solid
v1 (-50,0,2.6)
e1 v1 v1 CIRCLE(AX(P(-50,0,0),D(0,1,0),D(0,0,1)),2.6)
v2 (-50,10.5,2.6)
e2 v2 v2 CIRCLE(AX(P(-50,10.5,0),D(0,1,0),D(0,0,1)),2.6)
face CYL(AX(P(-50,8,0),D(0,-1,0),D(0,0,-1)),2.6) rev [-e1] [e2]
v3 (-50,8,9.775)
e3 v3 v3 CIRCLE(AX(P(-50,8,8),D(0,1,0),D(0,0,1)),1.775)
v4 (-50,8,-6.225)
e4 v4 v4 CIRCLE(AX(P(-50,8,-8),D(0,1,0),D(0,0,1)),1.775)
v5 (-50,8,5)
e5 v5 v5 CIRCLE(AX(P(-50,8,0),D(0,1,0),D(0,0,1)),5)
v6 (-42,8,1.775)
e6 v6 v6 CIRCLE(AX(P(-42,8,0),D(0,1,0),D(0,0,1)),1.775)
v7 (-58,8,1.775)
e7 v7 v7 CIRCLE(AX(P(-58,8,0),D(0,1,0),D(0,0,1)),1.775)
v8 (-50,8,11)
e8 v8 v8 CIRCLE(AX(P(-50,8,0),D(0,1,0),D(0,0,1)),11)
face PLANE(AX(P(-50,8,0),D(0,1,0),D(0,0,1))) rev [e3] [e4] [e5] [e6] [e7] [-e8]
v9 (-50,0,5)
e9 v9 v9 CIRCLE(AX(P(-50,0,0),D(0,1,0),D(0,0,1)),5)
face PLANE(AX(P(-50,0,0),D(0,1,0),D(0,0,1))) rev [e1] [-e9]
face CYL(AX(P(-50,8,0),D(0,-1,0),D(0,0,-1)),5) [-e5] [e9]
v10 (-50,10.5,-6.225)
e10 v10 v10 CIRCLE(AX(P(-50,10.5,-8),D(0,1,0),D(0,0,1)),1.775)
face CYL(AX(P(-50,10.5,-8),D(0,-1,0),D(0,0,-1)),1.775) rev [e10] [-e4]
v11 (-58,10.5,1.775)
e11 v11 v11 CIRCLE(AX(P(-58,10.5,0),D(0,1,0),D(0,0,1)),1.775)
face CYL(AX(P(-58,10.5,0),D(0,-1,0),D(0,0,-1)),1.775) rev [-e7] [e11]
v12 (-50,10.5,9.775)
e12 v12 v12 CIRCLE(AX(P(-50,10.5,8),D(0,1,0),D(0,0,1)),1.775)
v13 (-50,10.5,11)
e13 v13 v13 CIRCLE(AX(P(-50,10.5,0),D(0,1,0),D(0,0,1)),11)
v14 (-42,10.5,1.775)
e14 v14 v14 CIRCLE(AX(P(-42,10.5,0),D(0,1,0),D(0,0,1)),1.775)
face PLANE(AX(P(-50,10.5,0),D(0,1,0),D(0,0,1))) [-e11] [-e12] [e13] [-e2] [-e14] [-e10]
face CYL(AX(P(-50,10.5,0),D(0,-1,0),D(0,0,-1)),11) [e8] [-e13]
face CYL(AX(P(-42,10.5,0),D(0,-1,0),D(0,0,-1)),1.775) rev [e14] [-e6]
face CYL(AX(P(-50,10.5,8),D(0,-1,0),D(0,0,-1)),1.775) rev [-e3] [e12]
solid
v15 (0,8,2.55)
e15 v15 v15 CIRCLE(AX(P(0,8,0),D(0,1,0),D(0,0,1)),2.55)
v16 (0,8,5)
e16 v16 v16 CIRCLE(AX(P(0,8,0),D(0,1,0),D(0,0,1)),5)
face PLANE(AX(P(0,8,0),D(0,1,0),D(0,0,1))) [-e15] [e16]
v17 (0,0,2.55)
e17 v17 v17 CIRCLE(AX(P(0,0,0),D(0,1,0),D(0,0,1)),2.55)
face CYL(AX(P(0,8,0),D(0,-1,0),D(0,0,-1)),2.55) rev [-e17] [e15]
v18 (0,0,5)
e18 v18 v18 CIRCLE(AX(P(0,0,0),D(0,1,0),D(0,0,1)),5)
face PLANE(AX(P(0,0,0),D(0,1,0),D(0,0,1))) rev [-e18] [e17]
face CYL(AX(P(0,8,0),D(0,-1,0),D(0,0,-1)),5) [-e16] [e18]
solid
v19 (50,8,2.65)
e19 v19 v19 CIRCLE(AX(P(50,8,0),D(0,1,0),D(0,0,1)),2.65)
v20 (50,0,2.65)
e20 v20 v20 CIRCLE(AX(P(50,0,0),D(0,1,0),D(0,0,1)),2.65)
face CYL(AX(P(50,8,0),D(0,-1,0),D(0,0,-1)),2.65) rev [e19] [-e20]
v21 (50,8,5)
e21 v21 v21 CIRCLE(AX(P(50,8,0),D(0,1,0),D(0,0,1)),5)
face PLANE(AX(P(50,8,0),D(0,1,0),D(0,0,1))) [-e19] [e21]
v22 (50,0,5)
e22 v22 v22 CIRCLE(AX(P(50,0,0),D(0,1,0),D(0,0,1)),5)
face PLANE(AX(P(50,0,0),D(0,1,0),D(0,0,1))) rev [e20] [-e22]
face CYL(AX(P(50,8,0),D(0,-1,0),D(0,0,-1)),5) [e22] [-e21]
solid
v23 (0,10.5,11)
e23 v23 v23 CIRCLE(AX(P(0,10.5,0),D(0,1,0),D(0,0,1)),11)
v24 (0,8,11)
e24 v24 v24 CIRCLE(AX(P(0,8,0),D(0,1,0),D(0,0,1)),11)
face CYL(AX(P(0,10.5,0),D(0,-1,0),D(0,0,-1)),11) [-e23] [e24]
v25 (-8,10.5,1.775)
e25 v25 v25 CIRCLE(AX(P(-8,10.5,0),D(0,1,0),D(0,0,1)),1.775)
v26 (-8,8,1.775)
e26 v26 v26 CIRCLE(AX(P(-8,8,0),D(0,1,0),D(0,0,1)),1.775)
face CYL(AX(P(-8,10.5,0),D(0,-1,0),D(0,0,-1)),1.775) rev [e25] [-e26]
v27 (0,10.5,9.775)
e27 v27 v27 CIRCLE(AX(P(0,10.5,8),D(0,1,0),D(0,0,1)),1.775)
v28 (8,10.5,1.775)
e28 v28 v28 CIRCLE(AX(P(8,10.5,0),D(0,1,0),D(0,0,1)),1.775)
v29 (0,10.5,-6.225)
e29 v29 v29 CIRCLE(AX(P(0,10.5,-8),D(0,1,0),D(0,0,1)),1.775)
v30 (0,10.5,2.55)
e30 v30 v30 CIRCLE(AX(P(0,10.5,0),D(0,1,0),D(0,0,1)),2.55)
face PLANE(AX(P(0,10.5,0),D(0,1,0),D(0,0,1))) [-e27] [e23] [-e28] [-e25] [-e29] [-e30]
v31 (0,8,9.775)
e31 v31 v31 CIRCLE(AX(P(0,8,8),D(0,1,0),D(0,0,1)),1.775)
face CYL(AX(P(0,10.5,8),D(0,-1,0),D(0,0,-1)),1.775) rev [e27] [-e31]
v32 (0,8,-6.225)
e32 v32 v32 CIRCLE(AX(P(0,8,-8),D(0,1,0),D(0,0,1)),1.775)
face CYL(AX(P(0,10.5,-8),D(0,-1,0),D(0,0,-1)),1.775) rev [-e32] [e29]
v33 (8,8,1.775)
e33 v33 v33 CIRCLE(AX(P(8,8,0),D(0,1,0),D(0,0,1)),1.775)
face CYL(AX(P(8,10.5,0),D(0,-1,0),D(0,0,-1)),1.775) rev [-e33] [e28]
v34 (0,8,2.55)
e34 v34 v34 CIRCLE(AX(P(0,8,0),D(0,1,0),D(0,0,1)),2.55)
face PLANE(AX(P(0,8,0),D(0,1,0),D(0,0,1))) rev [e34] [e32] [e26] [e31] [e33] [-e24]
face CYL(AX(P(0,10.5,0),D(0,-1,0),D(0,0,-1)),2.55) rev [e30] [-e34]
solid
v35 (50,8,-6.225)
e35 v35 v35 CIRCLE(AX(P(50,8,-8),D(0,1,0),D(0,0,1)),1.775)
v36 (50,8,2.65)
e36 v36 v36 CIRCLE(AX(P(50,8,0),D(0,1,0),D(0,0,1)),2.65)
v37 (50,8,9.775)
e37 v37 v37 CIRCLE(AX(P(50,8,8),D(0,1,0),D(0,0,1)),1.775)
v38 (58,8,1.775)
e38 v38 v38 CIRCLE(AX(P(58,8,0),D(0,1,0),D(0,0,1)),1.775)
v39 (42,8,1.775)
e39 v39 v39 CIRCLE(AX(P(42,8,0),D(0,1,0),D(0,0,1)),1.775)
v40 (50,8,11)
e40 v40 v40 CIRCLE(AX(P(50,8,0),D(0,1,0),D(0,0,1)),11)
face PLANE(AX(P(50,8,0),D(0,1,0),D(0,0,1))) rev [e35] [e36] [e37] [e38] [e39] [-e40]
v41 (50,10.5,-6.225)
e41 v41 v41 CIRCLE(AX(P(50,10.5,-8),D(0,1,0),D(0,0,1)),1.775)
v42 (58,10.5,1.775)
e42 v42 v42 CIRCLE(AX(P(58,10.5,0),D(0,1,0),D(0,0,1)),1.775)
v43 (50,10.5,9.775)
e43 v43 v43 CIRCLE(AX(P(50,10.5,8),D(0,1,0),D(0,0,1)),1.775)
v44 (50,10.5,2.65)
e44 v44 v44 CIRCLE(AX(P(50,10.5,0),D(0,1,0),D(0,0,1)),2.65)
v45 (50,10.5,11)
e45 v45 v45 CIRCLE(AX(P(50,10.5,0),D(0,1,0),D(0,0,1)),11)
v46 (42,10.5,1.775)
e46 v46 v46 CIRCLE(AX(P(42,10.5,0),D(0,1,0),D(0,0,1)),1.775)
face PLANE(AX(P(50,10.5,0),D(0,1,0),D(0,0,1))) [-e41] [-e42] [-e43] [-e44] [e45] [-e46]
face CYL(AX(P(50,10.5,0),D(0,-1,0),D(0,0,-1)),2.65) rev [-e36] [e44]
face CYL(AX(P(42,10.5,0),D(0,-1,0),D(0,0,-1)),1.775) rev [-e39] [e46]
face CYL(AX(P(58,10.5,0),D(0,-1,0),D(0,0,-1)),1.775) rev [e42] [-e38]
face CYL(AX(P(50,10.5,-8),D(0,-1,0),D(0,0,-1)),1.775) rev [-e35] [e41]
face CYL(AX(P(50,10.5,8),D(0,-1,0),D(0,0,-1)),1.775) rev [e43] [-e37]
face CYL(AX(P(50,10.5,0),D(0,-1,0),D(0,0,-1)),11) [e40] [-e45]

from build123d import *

# Parameters (mm, degrees)
SKETCH_1_R        = 5
SKETCH_1_R_2      = 2.55
EXTRUDE_1_DEPTH   = 8
SKETCH_1_R_3      = 2.6
EXTRUDE_1_2_DEPTH = 8
SKETCH_1_R_4      = 2.65
EXTRUDE_1_3_DEPTH = 8
SKETCH_3_R        = 11
SKETCH_3_R_2      = 2.6
SKETCH_3_R_3      = 1.775
SKETCH_3_R_4      = 2.55
SKETCH_3_R_5      = 2.65
EXTRUDE_2_DEPTH   = 2.5


with BuildPart() as part:
    # 草图1 → 凸台-拉伸1 (new body)
    with BuildSketch(Plane(origin=(0, 0, 0), x_dir=(1, 0, 0), z_dir=(0, 1, 0))):
        with Locations(Location((0, 0, 0), (0, 0, 270))):
            Circle(SKETCH_1_R)
        with Locations(Location((0, 0, 0), (0, 0, 270))):
            Circle(SKETCH_1_R_2, mode=Mode.SUBTRACT)
    extrude(amount=EXTRUDE_1_DEPTH)


with BuildPart() as body_2:
    # 草图1 → Extrude 1 2 (new body)
    with BuildSketch(Plane(origin=(0, 0, 0), x_dir=(1, 0, 0), z_dir=(0, 1, 0))):
        with Locations(Location((-50, 0, 0), (0, 0, 270))):
            Circle(SKETCH_1_R)
        with Locations(Location((-50, 0, 0), (0, 0, 270))):
            Circle(SKETCH_1_R_3, mode=Mode.SUBTRACT)
    extrude(amount=EXTRUDE_1_2_DEPTH)

    # 草图3 → 凸台-拉伸2 (add)
    # profile 1 of 3: a face of its own
    with BuildSketch(Plane(origin=(0, 8, 0), x_dir=(1, 0, 0), z_dir=(0, 1, 0))):
        with Locations(Location((-50, 0, 0), (0, 0, 270))):
            Circle(SKETCH_3_R)
        with Locations(Location((-50, 0, 0), (0, 0, 270))):
            Circle(SKETCH_3_R_2, mode=Mode.SUBTRACT)
        with Locations(Location((-50, 8, 0), (0, 0, 270))):
            Circle(SKETCH_3_R_3, mode=Mode.SUBTRACT)
        with Locations(Location((-42, 0, 0), (0, 0, 270))):
            Circle(SKETCH_3_R_3, mode=Mode.SUBTRACT)
        with Locations(Location((-50, -8, 0), (0, 0, 270))):
            Circle(SKETCH_3_R_3, mode=Mode.SUBTRACT)
        with Locations(Location((-58, 0, 0), (0, 0, 270))):
            Circle(SKETCH_3_R_3, mode=Mode.SUBTRACT)
    # profile 2 of 3: a face of its own
    with BuildSketch(Plane(origin=(0, 8, 0), x_dir=(1, 0, 0), z_dir=(0, 1, 0))):
        with Locations(Location((0, 0, 0), (0, 0, 270))):
            Circle(SKETCH_3_R)
        with Locations(Location((0, 0, 0), (0, 0, 270))):
            Circle(SKETCH_3_R_4, mode=Mode.SUBTRACT)
        with Locations(Location((0, 8, 0), (0, 0, 270))):
            Circle(SKETCH_3_R_3, mode=Mode.SUBTRACT)
        with Locations(Location((8, 0, 0), (0, 0, 270))):
            Circle(SKETCH_3_R_3, mode=Mode.SUBTRACT)
        with Locations(Location((0, -8, 0), (0, 0, 270))):
            Circle(SKETCH_3_R_3, mode=Mode.SUBTRACT)
        with Locations(Location((-8, 0, 0), (0, 0, 270))):
            Circle(SKETCH_3_R_3, mode=Mode.SUBTRACT)
    # profile 3 of 3: a face of its own
    with BuildSketch(Plane(origin=(0, 8, 0), x_dir=(1, 0, 0), z_dir=(0, 1, 0))):
        with Locations(Location((50, 0, 0), (0, 0, 270))):
            Circle(SKETCH_3_R)
        with Locations(Location((50, 0, 0), (0, 0, 270))):
            Circle(SKETCH_3_R_5, mode=Mode.SUBTRACT)
        with Locations(Location((50, 8, 0), (0, 0, 270))):
            Circle(SKETCH_3_R_3, mode=Mode.SUBTRACT)
        with Locations(Location((58, 0, 0), (0, 0, 270))):
            Circle(SKETCH_3_R_3, mode=Mode.SUBTRACT)
        with Locations(Location((50, -8, 0), (0, 0, 270))):
            Circle(SKETCH_3_R_3, mode=Mode.SUBTRACT)
        with Locations(Location((42, 0, 0), (0, 0, 270))):
            Circle(SKETCH_3_R_3, mode=Mode.SUBTRACT)
    extrude(amount=EXTRUDE_2_DEPTH)


with BuildPart() as body_3:
    # 草图1 → Extrude 1 3 (new body)
    with BuildSketch(Plane(origin=(0, 0, 0), x_dir=(1, 0, 0), z_dir=(0, 1, 0))):
        with Locations(Location((50, 0, 0), (0, 0, 270))):
            Circle(SKETCH_1_R)
        with Locations(Location((50, 0, 0), (0, 0, 270))):
            Circle(SKETCH_1_R_4, mode=Mode.SUBTRACT)
    extrude(amount=EXTRUDE_1_3_DEPTH)


with BuildPart() as extrude_2_piece_1:
    # of the separate pieces the step leaves, piece 1, a body of its own (extrude_2_pieces)
    add(body_2.part.solids().sort_by_distance((-50, 0, 5))[0])


with BuildPart() as extrude_2_piece_2:
    # of the separate pieces the step leaves, piece 2, a body of its own (extrude_2_pieces)
    add(body_2.part.solids().sort_by_distance((0, 8, 11))[0])


with BuildPart() as extrude_2_piece_3:
    # of the separate pieces the step leaves, piece 3, a body of its own (extrude_2_pieces)
    add(body_2.part.solids().sort_by_distance((50, 8, 11))[0])


solid = Compound([part.part, body_3.part, extrude_2_piece_1.part, extrude_2_piece_2.part, extrude_2_piece_3.part])
